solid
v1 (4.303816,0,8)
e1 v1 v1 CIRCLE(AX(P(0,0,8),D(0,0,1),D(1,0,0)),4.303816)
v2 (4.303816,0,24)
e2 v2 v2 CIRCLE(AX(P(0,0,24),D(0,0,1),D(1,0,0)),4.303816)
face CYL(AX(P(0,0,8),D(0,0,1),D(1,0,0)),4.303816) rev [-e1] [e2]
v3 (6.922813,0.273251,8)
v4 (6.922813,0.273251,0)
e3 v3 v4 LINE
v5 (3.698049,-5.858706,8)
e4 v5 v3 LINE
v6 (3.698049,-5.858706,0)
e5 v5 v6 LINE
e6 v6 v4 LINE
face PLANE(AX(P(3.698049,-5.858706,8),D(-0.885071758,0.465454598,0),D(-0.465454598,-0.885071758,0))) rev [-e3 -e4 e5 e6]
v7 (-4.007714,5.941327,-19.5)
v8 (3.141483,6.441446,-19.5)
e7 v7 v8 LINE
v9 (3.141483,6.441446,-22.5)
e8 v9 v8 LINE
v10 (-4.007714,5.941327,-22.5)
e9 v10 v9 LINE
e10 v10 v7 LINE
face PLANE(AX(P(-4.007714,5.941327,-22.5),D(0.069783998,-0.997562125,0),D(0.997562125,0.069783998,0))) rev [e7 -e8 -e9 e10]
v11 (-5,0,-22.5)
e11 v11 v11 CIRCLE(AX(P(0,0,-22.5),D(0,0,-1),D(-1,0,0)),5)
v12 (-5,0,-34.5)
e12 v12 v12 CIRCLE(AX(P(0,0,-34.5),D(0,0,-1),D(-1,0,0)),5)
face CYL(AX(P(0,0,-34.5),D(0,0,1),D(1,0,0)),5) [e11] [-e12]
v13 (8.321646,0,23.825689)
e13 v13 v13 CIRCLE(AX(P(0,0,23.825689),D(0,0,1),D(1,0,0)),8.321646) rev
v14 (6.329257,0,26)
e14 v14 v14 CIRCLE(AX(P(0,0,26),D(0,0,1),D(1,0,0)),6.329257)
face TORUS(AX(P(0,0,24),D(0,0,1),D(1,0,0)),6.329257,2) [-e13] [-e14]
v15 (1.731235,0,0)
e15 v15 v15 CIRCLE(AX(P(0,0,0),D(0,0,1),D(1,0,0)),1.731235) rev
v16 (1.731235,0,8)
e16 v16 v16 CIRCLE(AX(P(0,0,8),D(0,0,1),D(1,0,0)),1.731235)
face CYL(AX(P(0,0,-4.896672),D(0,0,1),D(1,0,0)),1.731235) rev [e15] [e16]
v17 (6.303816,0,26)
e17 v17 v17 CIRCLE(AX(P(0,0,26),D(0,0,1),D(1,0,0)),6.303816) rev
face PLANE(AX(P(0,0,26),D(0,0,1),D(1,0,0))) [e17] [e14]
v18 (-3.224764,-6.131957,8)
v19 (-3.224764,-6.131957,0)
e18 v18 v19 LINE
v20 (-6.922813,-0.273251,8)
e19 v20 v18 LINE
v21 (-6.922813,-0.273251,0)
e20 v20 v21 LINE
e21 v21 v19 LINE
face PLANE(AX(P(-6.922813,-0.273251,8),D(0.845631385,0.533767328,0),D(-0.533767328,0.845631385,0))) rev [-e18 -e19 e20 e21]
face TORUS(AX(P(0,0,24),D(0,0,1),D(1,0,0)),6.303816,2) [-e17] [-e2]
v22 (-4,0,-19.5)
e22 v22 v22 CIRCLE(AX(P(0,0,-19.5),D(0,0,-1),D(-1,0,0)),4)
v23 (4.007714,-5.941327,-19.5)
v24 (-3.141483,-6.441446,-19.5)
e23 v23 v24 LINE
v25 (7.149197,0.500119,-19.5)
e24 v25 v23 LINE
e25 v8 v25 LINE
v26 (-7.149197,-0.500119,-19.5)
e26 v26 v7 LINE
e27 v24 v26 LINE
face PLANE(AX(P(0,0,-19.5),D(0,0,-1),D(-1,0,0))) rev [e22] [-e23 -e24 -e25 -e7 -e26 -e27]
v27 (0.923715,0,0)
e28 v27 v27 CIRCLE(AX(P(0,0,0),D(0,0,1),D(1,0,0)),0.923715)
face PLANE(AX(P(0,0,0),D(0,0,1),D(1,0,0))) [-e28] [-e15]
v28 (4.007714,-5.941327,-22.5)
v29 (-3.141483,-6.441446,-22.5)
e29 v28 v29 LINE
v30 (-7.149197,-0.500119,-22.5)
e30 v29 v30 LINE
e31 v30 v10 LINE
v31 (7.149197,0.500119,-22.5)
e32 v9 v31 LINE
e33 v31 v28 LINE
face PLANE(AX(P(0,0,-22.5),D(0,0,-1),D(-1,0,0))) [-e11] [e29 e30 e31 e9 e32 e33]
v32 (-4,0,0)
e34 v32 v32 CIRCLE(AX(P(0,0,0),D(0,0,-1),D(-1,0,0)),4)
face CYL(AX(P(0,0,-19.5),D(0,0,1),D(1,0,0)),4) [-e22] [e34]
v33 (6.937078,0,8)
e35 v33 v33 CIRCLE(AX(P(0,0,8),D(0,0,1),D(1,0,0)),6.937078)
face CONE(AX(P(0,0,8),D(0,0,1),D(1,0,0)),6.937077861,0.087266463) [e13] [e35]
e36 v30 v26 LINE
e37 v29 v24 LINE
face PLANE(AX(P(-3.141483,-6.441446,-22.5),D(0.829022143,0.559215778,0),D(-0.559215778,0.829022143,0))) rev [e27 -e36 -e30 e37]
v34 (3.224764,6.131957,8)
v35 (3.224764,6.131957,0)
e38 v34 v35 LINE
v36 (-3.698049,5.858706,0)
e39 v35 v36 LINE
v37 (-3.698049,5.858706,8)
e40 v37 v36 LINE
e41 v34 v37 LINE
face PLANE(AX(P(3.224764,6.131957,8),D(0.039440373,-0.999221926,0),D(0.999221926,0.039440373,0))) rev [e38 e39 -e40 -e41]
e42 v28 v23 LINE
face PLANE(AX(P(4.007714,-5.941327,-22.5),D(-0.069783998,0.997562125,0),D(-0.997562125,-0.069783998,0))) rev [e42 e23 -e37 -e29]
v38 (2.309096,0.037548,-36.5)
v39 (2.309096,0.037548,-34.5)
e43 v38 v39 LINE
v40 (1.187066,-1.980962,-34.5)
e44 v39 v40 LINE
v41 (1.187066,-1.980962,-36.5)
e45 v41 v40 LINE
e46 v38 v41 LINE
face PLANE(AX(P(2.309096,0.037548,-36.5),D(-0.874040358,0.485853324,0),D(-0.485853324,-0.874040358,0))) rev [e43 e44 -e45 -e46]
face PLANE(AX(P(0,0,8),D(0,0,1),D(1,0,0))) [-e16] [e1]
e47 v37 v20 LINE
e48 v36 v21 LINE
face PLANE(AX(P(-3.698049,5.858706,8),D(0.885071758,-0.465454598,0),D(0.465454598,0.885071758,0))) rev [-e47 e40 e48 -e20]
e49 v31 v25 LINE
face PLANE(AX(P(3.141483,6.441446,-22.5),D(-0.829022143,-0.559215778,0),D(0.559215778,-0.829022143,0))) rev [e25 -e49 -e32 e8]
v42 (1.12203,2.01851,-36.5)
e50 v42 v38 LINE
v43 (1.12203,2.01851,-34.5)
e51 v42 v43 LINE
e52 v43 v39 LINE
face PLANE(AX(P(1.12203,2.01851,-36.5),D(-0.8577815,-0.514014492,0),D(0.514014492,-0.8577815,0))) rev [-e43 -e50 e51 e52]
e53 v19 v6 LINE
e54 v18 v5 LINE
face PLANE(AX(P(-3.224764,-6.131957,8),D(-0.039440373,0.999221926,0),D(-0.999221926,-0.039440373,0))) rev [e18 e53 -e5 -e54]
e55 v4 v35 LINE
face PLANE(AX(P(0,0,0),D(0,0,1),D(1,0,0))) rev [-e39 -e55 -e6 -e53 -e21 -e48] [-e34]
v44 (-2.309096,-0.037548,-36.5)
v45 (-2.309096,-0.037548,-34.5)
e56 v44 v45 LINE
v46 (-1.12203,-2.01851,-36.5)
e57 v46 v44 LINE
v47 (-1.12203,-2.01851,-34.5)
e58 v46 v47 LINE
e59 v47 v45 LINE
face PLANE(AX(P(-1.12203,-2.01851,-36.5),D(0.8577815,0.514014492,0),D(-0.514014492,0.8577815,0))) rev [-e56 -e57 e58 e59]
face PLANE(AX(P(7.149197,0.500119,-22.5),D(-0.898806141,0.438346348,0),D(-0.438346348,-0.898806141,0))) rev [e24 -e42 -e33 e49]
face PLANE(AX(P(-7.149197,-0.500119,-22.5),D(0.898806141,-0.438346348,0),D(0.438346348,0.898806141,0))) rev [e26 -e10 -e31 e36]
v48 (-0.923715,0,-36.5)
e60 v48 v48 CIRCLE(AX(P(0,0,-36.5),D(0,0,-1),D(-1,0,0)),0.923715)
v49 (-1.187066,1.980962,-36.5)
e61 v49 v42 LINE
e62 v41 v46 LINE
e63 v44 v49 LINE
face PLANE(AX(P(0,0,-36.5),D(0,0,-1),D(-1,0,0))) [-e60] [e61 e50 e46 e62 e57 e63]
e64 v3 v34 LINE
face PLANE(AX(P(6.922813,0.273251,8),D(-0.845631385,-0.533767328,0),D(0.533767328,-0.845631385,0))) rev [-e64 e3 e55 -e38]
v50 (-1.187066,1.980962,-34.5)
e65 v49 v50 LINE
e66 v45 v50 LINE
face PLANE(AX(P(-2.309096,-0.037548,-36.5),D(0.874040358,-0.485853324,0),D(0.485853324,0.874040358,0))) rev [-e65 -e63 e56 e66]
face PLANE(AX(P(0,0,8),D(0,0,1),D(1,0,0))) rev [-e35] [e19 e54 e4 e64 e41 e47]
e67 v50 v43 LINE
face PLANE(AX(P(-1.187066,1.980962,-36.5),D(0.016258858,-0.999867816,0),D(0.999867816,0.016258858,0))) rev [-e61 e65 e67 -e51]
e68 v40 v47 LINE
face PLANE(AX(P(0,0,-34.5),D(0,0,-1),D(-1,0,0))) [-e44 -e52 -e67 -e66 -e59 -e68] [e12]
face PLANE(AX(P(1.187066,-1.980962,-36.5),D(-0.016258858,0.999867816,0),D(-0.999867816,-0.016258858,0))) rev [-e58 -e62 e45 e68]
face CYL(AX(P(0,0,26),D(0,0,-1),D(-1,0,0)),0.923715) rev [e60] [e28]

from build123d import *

# Parameters (mm, degrees)
EXTRUDE_1_DEPTH     = 8
SKETCH_2_R          = 4
EXTRUDE_2_DEPTH     = 19.5
EXTRUDE_3_DEPTH     = 3
SKETCH_4_R          = 5
EXTRUDE_4_DEPTH     = 12
EXTRUDE_5_DEPTH     = 2
SKETCH_10_R         = 6.937077861
EXTRUDE_6_DEPTH     = 18
EXTRUDE_6_TAPER     = -5
SKETCH_11_R         = 4.303815727
CUT_EXTRUDE_2_DEPTH = 18
SKETCH_12_R         = 1.731234863
CUT_EXTRUDE_3_DEPTH = 8
FILLET_1_R          = 2
SKETCH_13_R         = 0.923714742
CUT_EXTRUDE_4_DEPTH = 63.5


with BuildPart() as part:
    # 草图1 → 凸台-拉伸1 (new body)
    with BuildSketch(Plane.XY):
        Polygon((-3.698048527, 5.858706094), (-6.922812574, -0.273250922), (-3.224764047, -6.131957016), (3.698048527, -5.858706094), (6.922812574, 0.273250922), (3.224764047, 6.131957016), align=None)
    extrude(amount=EXTRUDE_1_DEPTH)

    # 草图2 → 凸台-拉伸2 (add)
    with BuildSketch(Plane(origin=(0, 0, 0), x_dir=(-1, 0, 0), z_dir=(0, 0, -1))):
        Circle(SKETCH_2_R)
    extrude(amount=EXTRUDE_2_DEPTH)

    # 草图3 → 凸台-拉伸3 (add)
    with BuildSketch(Plane(origin=(0, 0, -19.5), x_dir=(-1, 0, 0), z_dir=(0, 0, -1))):
        Polygon((4.007714345, 5.941327246), (-3.141483154, 6.441446057), (-7.149197499, 0.500118811), (-4.007714345, -5.941327246), (3.141483154, -6.441446057), (7.149197499, -0.500118811), align=None)
    extrude(amount=EXTRUDE_3_DEPTH)

    # 草图4 → 凸台-拉伸4 (add)
    with BuildSketch(Plane(origin=(0, 0, -22.5), x_dir=(-1, 0, 0), z_dir=(0, 0, -1))):
        Circle(SKETCH_4_R)
    extrude(amount=EXTRUDE_4_DEPTH)

    # 草图5 → 凸台-拉伸5 (add)
    with BuildSketch(Plane(origin=(0, 0, -34.5), x_dir=(-1, 0, 0), z_dir=(0, 0, -1))):
        Polygon((1.187065622, 1.98096152), (-1.122030189, 2.018509744), (-2.309095811, 0.037548225), (-1.187065622, -1.98096152), (1.122030189, -2.018509744), (2.309095811, -0.037548225), align=None)
    extrude(amount=EXTRUDE_5_DEPTH)

    # 草图10 → 凸台-拉伸6 (add)
    with BuildSketch(Plane.XY.offset(8)):
        Circle(SKETCH_10_R)
    extrude(amount=EXTRUDE_6_DEPTH, taper=EXTRUDE_6_TAPER)

    # 草图11 → 切除-拉伸2 (cut)
    with BuildSketch(Plane.XY.offset(26)):
        Circle(SKETCH_11_R)
    extrude(amount=-CUT_EXTRUDE_2_DEPTH, mode=Mode.SUBTRACT)

    # 草图12 → 切除-拉伸3 (cut)
    with BuildSketch(Plane.XY.offset(8)):
        Circle(SKETCH_12_R)
    extrude(amount=-CUT_EXTRUDE_3_DEPTH, mode=Mode.SUBTRACT)

    # 圆角1
    fillet_1_edges = [part.edges().sort_by_distance(p)[0] for p in [
        (-8.511873804, 0, 26),
        (-4.303815727, 0, 26),
    ]]
    fillet(fillet_1_edges, radius=FILLET_1_R)

    # 草图13 → 切除-拉伸4 (cut, through all)
    with BuildSketch(Plane(origin=(0, 0, -36.5), x_dir=(-1, 0, 0), z_dir=(0, 0, -1))):
        Circle(SKETCH_13_R)
    extrude(amount=-CUT_EXTRUDE_4_DEPTH, mode=Mode.SUBTRACT)


solid = part.part
